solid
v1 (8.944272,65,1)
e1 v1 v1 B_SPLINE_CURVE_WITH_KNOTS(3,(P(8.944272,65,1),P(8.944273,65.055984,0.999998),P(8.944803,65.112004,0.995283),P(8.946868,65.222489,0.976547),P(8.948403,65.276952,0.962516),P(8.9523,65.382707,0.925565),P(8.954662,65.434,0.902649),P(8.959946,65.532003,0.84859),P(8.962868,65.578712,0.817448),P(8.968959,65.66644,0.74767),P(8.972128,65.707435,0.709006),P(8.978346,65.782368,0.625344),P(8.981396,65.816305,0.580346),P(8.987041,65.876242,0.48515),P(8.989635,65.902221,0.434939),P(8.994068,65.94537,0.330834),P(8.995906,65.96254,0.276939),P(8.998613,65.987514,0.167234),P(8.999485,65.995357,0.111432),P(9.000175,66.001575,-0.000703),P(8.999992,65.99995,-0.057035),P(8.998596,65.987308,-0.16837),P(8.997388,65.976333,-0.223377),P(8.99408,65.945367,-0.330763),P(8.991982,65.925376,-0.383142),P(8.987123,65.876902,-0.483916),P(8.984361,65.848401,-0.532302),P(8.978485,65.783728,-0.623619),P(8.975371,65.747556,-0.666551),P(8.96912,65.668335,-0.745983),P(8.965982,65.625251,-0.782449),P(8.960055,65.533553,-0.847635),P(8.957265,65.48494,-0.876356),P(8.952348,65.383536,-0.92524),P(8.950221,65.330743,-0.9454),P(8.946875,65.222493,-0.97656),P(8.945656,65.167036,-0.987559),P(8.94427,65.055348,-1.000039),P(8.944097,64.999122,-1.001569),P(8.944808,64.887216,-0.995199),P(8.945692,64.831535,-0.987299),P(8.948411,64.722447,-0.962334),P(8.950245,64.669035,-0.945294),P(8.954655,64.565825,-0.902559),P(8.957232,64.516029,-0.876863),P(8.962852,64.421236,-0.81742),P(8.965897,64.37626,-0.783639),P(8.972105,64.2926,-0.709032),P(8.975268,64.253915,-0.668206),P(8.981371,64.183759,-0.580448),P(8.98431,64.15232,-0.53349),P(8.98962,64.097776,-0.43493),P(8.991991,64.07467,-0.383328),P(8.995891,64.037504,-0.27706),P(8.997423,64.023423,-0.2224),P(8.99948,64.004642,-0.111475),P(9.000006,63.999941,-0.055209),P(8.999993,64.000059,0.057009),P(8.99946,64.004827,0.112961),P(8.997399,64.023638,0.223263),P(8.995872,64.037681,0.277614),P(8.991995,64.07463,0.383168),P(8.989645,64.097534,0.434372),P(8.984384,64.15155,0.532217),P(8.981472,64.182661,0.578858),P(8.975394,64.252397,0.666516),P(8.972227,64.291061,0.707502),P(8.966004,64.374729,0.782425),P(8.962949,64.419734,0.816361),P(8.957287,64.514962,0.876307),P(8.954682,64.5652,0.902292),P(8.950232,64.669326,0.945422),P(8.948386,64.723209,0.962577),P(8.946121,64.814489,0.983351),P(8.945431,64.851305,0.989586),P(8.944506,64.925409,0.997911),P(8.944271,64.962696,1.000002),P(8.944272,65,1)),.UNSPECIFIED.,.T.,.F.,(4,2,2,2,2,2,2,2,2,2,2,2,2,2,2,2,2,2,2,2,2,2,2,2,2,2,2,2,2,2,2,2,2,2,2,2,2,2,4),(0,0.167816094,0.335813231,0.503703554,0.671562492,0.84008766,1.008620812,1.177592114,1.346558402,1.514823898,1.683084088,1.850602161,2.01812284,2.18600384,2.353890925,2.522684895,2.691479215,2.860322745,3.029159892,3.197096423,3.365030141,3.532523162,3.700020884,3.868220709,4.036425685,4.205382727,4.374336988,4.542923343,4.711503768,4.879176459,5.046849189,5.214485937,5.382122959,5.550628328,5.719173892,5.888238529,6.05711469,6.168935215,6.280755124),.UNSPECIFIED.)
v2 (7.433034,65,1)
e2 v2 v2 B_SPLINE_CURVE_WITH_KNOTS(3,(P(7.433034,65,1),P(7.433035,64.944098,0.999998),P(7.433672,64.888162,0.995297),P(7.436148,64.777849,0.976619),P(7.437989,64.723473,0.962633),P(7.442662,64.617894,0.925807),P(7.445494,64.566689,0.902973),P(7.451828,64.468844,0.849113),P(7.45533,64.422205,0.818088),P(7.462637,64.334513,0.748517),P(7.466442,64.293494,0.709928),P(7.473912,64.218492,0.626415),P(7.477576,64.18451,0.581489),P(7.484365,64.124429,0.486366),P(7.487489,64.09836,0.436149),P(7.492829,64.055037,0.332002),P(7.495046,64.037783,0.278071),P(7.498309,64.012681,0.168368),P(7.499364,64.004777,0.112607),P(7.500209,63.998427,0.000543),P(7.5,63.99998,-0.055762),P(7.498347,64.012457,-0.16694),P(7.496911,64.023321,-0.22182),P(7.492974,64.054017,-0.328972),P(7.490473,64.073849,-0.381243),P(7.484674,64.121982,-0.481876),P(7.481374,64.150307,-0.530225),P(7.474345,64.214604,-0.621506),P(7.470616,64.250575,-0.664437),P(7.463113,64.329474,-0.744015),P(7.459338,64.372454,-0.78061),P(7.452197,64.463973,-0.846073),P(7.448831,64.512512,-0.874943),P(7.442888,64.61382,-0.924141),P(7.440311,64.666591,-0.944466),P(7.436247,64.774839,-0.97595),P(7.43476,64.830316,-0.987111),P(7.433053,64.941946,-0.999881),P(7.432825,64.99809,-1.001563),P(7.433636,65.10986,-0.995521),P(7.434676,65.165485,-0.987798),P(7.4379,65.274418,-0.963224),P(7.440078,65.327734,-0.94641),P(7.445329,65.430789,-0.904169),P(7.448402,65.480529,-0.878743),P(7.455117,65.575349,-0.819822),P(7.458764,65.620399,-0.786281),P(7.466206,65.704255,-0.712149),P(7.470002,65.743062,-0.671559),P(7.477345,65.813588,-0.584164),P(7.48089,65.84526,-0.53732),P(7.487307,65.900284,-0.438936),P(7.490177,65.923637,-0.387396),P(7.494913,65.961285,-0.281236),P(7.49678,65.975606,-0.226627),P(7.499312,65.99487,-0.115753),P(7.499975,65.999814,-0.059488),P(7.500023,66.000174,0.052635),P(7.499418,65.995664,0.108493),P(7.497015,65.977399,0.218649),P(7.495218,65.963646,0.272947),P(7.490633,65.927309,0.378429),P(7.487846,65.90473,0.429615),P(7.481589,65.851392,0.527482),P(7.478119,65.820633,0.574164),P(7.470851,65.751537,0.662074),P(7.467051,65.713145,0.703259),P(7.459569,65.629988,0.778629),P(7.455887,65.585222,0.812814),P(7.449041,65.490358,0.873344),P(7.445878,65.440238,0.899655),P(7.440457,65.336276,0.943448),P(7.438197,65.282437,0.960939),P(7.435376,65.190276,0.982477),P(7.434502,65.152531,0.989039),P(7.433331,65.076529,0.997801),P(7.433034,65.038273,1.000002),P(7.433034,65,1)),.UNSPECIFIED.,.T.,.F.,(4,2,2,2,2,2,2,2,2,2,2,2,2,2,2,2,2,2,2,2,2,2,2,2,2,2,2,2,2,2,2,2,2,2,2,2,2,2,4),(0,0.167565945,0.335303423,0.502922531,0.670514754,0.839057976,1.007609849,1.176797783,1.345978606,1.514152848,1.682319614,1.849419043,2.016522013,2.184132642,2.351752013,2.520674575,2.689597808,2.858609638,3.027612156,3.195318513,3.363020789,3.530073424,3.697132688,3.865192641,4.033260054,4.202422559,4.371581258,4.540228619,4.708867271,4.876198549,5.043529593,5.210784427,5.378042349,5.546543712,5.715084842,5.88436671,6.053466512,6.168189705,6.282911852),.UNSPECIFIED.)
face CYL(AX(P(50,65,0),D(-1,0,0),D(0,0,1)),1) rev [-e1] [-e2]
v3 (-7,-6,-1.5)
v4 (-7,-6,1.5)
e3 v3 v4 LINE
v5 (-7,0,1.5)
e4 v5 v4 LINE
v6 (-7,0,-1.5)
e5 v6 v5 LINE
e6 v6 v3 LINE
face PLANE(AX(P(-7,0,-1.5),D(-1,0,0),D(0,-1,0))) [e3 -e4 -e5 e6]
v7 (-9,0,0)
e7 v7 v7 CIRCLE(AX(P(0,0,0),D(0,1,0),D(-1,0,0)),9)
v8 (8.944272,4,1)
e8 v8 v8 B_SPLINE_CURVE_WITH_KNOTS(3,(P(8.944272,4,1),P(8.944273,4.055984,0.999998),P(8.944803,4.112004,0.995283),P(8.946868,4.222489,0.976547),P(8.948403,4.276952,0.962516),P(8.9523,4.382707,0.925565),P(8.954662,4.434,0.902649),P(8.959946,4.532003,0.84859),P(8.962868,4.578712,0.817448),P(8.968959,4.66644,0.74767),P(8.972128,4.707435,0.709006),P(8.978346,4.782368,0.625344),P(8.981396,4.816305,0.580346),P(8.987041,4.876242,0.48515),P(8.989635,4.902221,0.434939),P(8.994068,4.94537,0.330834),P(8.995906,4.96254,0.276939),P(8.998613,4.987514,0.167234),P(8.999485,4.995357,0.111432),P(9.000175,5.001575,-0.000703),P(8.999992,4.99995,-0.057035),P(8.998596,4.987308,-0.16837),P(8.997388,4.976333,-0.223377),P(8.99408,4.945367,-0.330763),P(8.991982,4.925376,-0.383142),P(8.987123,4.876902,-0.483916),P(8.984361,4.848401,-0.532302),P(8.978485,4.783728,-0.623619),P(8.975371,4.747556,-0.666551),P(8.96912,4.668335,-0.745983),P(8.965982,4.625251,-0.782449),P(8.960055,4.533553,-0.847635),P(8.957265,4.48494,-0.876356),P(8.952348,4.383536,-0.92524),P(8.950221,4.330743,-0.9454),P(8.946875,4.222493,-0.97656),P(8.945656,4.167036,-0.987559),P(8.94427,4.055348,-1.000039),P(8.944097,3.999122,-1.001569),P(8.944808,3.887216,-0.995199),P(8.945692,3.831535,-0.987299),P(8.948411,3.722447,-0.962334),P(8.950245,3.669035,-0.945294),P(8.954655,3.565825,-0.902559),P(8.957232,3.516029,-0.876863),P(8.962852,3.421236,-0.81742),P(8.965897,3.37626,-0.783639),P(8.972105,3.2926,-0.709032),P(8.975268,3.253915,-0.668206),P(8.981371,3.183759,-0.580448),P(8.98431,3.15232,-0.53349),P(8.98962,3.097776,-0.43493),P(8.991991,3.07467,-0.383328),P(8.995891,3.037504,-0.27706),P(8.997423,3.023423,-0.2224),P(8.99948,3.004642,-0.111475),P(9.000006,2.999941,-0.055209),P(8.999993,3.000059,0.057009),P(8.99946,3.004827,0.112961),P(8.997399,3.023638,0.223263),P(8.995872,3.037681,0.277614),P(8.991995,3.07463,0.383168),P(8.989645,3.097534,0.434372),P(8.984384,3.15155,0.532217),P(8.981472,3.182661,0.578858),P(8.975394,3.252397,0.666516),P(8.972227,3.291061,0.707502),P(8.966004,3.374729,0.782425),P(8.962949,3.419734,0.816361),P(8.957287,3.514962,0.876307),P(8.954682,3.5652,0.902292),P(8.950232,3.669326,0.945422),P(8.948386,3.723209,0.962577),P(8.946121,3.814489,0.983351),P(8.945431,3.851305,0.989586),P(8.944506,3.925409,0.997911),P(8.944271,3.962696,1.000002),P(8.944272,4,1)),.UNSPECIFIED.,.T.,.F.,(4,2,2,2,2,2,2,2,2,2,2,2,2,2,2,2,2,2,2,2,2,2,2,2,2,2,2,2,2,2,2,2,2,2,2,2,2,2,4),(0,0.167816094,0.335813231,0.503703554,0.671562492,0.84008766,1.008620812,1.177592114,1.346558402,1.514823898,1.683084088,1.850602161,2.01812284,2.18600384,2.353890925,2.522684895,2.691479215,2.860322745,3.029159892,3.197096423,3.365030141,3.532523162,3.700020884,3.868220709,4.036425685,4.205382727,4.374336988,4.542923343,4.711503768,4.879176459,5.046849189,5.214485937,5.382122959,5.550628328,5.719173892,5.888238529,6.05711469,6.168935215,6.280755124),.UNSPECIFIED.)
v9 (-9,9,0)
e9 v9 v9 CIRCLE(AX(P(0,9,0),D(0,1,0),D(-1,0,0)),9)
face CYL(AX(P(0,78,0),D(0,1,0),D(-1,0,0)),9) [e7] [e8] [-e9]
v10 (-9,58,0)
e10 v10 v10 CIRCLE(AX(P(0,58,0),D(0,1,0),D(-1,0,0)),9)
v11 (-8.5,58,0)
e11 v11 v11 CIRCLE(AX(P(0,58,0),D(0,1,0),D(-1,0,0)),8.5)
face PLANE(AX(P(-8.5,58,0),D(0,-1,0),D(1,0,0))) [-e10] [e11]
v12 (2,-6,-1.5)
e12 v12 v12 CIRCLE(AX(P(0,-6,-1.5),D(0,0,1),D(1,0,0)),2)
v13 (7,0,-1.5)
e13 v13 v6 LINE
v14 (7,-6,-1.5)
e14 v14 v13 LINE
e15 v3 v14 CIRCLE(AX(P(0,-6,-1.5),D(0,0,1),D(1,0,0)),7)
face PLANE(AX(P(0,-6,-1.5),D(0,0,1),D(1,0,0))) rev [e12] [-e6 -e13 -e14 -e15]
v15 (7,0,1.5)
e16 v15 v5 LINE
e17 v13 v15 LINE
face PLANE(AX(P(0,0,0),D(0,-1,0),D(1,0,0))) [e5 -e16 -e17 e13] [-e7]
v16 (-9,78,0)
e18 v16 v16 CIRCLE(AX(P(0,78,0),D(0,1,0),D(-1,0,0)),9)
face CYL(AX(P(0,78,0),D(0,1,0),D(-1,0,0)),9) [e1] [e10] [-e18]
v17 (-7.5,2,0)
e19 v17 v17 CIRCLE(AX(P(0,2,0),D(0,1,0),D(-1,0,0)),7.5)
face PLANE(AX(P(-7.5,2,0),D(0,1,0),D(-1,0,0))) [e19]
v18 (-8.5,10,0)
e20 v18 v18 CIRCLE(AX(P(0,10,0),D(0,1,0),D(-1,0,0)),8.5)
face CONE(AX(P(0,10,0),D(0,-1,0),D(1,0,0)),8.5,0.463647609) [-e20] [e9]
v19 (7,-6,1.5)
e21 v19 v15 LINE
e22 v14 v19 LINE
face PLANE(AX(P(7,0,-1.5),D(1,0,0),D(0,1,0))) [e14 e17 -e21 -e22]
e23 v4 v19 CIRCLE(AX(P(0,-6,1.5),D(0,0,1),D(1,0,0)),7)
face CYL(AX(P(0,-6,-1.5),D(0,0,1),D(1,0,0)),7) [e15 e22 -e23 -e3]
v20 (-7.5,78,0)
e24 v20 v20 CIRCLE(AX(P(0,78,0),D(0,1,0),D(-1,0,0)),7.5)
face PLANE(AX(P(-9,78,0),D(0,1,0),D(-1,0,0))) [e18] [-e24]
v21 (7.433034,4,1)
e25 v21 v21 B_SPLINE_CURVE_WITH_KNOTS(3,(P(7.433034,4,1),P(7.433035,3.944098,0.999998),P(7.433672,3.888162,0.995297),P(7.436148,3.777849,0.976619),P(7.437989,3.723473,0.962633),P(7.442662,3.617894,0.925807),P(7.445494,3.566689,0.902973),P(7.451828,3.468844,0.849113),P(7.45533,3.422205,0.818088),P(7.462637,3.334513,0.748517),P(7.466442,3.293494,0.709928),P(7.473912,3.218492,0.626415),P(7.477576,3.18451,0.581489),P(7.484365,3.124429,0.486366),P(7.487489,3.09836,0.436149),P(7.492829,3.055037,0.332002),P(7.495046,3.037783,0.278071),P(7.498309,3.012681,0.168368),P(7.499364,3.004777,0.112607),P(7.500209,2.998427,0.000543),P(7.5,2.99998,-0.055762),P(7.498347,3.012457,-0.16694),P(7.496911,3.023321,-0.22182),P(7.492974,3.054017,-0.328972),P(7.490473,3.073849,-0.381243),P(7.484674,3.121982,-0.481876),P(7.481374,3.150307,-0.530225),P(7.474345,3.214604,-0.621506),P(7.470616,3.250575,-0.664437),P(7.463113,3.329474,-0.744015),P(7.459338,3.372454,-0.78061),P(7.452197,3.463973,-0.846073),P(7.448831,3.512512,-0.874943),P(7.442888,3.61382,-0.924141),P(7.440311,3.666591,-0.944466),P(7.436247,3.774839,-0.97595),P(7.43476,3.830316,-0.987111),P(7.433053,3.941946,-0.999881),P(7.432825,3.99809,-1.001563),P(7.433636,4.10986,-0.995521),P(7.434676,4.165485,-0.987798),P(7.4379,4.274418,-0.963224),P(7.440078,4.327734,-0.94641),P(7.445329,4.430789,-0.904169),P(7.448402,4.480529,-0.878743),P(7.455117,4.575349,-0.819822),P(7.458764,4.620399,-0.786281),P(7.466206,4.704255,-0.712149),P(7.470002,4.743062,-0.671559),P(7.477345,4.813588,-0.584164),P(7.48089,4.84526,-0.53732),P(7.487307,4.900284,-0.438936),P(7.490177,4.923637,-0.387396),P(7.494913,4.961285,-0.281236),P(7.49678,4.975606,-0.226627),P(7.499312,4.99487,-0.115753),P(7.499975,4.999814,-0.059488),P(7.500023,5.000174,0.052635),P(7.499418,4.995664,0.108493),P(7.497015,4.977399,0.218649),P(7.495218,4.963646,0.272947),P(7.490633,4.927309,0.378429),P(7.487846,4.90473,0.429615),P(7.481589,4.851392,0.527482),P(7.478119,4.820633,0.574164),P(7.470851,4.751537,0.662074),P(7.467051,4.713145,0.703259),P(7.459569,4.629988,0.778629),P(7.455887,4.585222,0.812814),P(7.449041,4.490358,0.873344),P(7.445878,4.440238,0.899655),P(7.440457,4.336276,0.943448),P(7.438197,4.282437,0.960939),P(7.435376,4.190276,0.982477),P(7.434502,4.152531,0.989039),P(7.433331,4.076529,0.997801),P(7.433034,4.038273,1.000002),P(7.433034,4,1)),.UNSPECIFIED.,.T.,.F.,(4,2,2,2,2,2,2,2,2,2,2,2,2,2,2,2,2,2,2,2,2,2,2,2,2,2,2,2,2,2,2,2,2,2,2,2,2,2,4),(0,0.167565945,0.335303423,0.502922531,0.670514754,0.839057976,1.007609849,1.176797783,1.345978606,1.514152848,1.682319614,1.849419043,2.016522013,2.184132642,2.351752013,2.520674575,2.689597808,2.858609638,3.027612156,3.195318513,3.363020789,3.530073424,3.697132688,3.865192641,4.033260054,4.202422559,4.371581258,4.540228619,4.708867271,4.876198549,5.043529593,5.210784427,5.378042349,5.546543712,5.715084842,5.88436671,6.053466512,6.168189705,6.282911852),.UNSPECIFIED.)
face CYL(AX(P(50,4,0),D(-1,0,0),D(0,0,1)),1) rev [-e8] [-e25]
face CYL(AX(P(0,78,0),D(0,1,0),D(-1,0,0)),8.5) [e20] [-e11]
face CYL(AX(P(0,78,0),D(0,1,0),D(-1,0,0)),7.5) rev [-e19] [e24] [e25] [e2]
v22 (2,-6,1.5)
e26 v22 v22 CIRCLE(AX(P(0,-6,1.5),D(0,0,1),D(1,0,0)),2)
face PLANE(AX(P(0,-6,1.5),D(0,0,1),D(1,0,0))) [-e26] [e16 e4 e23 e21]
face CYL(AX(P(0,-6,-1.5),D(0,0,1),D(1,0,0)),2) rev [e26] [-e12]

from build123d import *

# Parameters (mm, degrees)
BOSS_EXTRUDE1_DEPTH      = 1.5
BOSS_EXTRUDE1_DEPTH_BACK = 1.5
SKETCH2_R                = 2
SKETCH3_R                = 1
CUT_EXTRUDE1_DEPTH       = 50


with BuildPart() as part:
    # Sketch1 → Revolve1 (revolve)
    with BuildSketch(Plane.XY):
        Polygon((0, 0), (-9, 0), (-9, 9), (-8.5, 10), (-8.5, 58), (-9, 58), (-9, 78), (-7.5, 78), (-7.5, 2), (0, 2), align=None)
    revolve(axis=Axis((0, 78, 0), (0, -1, 0)))

    # Sketch2 → Boss-Extrude1 (add, two sides: drawn at the far end of the back side and taken through both)
    with BuildSketch(Plane.XY.offset(-BOSS_EXTRUDE1_DEPTH_BACK)):
        with BuildLine():
            Line((-7, 0), (7, 0))
            Line((7, 0), (7, -6))
            ThreePointArc((7, -6), (0, -13), (-7, -6))
            Line((-7, -6), (-7, 0))
        make_face()
        with Locations((0, -6)):
            Circle(SKETCH2_R, mode=Mode.SUBTRACT)
    extrude(amount=BOSS_EXTRUDE1_DEPTH + BOSS_EXTRUDE1_DEPTH_BACK)

    # Sketch3 → Cut-Extrude1 (cut)
    with BuildSketch(Plane(origin=(0, 0, 0), x_dir=(0, 0, -1), z_dir=(1, 0, 0))):
        with Locations((0, 65)):
            Circle(SKETCH3_R)
        with Locations((0, 4)):
            Circle(SKETCH3_R)
    extrude(amount=CUT_EXTRUDE1_DEPTH, mode=Mode.SUBTRACT)


solid = part.part
